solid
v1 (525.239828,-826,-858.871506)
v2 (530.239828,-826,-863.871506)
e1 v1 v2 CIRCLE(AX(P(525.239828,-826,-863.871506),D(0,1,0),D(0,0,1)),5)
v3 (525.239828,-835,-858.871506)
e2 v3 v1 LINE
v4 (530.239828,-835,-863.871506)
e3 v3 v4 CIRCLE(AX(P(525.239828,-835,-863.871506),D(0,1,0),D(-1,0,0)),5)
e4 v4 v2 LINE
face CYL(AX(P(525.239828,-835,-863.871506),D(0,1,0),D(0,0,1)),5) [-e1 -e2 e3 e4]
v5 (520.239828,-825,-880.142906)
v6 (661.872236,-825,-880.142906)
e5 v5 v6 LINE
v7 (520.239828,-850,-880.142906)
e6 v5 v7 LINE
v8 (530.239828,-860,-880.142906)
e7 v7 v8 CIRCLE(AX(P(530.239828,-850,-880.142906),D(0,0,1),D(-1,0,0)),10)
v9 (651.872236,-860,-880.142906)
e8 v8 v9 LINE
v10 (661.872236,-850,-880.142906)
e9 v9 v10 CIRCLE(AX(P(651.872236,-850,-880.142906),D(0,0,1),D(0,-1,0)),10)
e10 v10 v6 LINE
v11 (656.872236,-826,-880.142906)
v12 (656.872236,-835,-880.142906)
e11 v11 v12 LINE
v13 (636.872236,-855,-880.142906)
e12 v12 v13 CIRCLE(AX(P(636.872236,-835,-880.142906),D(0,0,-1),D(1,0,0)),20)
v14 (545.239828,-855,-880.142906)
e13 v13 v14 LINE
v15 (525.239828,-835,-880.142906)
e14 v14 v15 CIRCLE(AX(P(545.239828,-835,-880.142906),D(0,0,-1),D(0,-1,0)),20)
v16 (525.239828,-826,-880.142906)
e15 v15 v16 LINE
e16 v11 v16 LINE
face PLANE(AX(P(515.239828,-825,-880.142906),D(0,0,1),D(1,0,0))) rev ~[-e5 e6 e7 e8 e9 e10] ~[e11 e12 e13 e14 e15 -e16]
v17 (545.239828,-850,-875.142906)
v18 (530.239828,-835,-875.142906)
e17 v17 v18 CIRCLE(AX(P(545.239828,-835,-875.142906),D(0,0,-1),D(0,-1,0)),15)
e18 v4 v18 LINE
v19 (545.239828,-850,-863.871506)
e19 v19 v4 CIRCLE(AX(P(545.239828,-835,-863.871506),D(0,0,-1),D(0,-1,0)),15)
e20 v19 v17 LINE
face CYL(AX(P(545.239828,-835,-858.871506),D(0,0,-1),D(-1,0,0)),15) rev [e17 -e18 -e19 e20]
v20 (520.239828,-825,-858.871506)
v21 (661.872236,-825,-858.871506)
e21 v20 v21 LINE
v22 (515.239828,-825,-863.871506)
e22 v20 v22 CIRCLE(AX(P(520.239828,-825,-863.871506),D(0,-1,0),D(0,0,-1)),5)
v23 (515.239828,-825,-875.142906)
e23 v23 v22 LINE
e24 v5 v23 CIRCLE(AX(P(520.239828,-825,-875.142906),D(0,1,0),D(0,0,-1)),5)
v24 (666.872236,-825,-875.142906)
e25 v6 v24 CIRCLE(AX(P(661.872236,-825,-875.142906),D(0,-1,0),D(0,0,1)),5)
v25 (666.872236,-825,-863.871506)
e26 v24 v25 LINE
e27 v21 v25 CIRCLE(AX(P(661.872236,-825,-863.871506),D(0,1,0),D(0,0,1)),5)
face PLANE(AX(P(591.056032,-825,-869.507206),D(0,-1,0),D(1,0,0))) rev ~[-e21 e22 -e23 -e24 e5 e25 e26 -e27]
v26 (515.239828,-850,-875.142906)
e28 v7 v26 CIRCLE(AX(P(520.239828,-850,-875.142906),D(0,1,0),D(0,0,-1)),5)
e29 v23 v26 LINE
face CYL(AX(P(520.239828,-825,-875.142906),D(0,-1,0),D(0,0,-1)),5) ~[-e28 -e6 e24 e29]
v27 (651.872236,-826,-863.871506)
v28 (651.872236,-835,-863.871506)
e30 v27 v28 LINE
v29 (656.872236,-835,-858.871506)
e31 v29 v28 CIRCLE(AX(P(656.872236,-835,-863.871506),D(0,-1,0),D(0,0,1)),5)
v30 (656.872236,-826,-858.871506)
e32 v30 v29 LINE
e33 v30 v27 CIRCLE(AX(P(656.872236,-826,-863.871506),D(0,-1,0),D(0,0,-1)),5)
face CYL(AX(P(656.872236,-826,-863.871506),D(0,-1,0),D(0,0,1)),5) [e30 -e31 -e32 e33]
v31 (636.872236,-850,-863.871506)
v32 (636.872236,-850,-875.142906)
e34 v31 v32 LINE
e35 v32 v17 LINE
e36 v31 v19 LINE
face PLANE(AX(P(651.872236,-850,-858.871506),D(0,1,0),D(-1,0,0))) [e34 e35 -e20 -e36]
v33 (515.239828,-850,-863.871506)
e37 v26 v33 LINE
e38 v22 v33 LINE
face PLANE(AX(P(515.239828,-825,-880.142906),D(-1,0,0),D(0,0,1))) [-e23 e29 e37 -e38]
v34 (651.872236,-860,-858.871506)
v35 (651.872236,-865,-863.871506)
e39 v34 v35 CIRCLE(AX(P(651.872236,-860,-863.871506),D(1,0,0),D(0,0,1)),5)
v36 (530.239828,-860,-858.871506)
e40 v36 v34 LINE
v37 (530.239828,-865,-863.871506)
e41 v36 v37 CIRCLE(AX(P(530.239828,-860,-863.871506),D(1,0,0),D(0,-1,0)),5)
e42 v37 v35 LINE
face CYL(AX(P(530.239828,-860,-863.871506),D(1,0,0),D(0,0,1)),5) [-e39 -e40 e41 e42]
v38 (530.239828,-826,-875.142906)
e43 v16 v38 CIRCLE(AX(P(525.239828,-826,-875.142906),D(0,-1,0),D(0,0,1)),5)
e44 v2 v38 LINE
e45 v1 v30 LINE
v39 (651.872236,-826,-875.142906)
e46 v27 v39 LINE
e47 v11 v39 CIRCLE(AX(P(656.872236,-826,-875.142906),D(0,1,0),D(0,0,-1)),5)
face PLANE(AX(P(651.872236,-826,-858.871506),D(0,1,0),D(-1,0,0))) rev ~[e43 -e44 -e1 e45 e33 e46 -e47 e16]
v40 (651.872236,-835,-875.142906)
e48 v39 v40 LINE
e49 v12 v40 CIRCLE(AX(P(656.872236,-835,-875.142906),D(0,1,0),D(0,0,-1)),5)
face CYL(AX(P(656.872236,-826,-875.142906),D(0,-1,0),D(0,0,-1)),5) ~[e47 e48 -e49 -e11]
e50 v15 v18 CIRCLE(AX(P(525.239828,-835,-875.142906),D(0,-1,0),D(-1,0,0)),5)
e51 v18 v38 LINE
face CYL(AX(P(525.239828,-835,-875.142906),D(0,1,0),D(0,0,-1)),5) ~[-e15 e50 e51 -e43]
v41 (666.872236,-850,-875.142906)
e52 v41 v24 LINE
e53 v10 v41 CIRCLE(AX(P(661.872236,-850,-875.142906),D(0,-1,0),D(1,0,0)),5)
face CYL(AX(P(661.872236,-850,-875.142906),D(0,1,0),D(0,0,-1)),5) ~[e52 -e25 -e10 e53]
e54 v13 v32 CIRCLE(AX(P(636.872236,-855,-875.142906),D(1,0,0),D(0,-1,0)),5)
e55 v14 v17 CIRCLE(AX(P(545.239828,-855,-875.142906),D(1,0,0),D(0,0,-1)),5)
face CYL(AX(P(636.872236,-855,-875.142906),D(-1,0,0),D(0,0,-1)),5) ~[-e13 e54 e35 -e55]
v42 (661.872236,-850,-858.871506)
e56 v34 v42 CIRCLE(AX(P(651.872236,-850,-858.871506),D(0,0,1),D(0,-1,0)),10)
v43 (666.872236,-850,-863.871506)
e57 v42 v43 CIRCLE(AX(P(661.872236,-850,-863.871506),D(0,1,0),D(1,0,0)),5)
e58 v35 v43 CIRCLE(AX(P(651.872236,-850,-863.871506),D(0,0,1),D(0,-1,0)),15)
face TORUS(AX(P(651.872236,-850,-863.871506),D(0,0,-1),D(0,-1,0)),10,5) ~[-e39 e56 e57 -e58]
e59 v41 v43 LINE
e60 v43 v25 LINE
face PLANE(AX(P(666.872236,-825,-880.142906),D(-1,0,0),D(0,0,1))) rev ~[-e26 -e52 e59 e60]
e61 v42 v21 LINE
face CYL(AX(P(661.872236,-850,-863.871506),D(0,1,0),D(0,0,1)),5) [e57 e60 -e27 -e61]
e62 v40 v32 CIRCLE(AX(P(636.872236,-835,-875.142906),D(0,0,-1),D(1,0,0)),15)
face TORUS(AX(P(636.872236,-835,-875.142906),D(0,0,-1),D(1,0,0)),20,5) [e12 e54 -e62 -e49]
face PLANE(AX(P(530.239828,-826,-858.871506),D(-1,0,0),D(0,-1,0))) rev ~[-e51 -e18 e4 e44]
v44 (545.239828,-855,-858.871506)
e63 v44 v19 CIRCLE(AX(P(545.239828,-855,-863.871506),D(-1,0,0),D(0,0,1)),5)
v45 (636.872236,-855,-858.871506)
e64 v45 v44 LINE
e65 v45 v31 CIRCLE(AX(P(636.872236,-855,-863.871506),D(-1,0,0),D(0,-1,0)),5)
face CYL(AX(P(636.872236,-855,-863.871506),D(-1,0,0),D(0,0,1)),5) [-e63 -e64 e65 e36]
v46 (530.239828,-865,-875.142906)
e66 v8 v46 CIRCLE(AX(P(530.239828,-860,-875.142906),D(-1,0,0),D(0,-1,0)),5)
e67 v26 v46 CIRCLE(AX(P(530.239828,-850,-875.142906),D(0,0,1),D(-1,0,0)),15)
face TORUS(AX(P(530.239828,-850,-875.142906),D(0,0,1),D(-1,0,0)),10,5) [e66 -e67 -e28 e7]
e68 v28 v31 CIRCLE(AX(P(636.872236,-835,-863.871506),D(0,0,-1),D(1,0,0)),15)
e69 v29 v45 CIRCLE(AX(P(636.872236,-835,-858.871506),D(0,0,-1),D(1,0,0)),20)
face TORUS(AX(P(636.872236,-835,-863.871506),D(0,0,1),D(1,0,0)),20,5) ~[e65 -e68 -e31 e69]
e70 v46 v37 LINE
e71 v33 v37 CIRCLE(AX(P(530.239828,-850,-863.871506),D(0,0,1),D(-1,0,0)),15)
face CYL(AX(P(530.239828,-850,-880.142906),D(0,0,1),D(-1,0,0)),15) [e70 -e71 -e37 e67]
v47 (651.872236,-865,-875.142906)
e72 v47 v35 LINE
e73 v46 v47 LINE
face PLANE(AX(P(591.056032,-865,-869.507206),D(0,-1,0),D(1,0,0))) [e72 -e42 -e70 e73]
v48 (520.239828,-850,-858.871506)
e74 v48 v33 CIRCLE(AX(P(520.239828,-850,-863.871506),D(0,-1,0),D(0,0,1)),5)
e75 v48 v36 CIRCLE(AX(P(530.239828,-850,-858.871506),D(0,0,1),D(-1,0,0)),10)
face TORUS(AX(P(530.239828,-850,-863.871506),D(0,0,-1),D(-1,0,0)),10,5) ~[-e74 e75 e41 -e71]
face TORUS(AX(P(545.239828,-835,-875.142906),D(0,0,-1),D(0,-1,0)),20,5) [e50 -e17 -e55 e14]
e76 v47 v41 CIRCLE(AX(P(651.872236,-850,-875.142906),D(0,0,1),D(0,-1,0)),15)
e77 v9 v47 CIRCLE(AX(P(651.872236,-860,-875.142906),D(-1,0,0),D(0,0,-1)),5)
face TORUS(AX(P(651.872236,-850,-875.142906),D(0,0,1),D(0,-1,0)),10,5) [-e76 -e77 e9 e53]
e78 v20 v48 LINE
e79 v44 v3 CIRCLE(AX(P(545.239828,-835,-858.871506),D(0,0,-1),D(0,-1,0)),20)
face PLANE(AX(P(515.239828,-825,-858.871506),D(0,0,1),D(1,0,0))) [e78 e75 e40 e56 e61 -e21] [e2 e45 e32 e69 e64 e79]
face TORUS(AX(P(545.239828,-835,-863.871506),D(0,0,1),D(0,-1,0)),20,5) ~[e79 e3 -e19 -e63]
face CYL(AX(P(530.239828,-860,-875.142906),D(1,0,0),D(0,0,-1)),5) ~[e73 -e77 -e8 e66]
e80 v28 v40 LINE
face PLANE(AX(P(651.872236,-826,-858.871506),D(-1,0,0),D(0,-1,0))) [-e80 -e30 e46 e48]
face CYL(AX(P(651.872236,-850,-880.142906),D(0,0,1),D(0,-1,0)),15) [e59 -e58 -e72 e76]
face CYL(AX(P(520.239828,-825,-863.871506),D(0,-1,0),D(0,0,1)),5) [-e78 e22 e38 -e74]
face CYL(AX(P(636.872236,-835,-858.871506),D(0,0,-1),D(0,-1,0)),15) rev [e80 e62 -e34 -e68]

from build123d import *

# Parameters (mm, degrees)
SKETCH028_W     = 151.632409
SKETCH028_H     = 21.2714
PAD016_DEPTH    = 40
SKETCH029_W     = 121.632409
SKETCH029_H     = 24
POCKET012_DEPTH = 21.2724
FILLET020_R     = 15
FILLET021_R     = 5


with BuildPart() as part:
    # Sketch028 (on Face1 of CopyPocket011) → Pad016 (new body)
    with BuildSketch(Plane.XZ.offset(825)):
        with Locations((591.056032, -869.507206)):
            Rectangle(SKETCH028_W, SKETCH028_H)
    extrude(amount=PAD016_DEPTH)

    # Sketch029 (on Face4 of Pad016) → Pocket012 (cut, through all)
    with BuildSketch(Plane(origin=(0, 0, -858.871506), x_dir=(-1, 0, 0), z_dir=(0, 0, 1))):
        with Locations((-591.056032, 838)):
            Rectangle(SKETCH029_W, SKETCH029_H)
    extrude(amount=-POCKET012_DEPTH, mode=Mode.SUBTRACT)

    # Fillet020
    fillet020_edges = [part.edges().sort_by_distance(p)[0] for p in [
        (515.239828, -865, -869.507206),
        (666.872237, -865, -869.507206),
        (530.239828, -850, -869.507206),
        (651.872237, -850, -869.507206),
    ]]
    fillet(fillet020_edges, radius=FILLET020_R)

    # Fillet021
    fillet021_edges = [part.edges().sort_by_distance(p)[0] for p in [
        (591.056032, -865, -858.871506),
        (591.056032, -850, -858.871506),
        (591.056032, -850, -880.142906),
        (591.056032, -865, -880.142906),
    ]]
    fillet(fillet021_edges, radius=FILLET021_R)


solid = part.part
